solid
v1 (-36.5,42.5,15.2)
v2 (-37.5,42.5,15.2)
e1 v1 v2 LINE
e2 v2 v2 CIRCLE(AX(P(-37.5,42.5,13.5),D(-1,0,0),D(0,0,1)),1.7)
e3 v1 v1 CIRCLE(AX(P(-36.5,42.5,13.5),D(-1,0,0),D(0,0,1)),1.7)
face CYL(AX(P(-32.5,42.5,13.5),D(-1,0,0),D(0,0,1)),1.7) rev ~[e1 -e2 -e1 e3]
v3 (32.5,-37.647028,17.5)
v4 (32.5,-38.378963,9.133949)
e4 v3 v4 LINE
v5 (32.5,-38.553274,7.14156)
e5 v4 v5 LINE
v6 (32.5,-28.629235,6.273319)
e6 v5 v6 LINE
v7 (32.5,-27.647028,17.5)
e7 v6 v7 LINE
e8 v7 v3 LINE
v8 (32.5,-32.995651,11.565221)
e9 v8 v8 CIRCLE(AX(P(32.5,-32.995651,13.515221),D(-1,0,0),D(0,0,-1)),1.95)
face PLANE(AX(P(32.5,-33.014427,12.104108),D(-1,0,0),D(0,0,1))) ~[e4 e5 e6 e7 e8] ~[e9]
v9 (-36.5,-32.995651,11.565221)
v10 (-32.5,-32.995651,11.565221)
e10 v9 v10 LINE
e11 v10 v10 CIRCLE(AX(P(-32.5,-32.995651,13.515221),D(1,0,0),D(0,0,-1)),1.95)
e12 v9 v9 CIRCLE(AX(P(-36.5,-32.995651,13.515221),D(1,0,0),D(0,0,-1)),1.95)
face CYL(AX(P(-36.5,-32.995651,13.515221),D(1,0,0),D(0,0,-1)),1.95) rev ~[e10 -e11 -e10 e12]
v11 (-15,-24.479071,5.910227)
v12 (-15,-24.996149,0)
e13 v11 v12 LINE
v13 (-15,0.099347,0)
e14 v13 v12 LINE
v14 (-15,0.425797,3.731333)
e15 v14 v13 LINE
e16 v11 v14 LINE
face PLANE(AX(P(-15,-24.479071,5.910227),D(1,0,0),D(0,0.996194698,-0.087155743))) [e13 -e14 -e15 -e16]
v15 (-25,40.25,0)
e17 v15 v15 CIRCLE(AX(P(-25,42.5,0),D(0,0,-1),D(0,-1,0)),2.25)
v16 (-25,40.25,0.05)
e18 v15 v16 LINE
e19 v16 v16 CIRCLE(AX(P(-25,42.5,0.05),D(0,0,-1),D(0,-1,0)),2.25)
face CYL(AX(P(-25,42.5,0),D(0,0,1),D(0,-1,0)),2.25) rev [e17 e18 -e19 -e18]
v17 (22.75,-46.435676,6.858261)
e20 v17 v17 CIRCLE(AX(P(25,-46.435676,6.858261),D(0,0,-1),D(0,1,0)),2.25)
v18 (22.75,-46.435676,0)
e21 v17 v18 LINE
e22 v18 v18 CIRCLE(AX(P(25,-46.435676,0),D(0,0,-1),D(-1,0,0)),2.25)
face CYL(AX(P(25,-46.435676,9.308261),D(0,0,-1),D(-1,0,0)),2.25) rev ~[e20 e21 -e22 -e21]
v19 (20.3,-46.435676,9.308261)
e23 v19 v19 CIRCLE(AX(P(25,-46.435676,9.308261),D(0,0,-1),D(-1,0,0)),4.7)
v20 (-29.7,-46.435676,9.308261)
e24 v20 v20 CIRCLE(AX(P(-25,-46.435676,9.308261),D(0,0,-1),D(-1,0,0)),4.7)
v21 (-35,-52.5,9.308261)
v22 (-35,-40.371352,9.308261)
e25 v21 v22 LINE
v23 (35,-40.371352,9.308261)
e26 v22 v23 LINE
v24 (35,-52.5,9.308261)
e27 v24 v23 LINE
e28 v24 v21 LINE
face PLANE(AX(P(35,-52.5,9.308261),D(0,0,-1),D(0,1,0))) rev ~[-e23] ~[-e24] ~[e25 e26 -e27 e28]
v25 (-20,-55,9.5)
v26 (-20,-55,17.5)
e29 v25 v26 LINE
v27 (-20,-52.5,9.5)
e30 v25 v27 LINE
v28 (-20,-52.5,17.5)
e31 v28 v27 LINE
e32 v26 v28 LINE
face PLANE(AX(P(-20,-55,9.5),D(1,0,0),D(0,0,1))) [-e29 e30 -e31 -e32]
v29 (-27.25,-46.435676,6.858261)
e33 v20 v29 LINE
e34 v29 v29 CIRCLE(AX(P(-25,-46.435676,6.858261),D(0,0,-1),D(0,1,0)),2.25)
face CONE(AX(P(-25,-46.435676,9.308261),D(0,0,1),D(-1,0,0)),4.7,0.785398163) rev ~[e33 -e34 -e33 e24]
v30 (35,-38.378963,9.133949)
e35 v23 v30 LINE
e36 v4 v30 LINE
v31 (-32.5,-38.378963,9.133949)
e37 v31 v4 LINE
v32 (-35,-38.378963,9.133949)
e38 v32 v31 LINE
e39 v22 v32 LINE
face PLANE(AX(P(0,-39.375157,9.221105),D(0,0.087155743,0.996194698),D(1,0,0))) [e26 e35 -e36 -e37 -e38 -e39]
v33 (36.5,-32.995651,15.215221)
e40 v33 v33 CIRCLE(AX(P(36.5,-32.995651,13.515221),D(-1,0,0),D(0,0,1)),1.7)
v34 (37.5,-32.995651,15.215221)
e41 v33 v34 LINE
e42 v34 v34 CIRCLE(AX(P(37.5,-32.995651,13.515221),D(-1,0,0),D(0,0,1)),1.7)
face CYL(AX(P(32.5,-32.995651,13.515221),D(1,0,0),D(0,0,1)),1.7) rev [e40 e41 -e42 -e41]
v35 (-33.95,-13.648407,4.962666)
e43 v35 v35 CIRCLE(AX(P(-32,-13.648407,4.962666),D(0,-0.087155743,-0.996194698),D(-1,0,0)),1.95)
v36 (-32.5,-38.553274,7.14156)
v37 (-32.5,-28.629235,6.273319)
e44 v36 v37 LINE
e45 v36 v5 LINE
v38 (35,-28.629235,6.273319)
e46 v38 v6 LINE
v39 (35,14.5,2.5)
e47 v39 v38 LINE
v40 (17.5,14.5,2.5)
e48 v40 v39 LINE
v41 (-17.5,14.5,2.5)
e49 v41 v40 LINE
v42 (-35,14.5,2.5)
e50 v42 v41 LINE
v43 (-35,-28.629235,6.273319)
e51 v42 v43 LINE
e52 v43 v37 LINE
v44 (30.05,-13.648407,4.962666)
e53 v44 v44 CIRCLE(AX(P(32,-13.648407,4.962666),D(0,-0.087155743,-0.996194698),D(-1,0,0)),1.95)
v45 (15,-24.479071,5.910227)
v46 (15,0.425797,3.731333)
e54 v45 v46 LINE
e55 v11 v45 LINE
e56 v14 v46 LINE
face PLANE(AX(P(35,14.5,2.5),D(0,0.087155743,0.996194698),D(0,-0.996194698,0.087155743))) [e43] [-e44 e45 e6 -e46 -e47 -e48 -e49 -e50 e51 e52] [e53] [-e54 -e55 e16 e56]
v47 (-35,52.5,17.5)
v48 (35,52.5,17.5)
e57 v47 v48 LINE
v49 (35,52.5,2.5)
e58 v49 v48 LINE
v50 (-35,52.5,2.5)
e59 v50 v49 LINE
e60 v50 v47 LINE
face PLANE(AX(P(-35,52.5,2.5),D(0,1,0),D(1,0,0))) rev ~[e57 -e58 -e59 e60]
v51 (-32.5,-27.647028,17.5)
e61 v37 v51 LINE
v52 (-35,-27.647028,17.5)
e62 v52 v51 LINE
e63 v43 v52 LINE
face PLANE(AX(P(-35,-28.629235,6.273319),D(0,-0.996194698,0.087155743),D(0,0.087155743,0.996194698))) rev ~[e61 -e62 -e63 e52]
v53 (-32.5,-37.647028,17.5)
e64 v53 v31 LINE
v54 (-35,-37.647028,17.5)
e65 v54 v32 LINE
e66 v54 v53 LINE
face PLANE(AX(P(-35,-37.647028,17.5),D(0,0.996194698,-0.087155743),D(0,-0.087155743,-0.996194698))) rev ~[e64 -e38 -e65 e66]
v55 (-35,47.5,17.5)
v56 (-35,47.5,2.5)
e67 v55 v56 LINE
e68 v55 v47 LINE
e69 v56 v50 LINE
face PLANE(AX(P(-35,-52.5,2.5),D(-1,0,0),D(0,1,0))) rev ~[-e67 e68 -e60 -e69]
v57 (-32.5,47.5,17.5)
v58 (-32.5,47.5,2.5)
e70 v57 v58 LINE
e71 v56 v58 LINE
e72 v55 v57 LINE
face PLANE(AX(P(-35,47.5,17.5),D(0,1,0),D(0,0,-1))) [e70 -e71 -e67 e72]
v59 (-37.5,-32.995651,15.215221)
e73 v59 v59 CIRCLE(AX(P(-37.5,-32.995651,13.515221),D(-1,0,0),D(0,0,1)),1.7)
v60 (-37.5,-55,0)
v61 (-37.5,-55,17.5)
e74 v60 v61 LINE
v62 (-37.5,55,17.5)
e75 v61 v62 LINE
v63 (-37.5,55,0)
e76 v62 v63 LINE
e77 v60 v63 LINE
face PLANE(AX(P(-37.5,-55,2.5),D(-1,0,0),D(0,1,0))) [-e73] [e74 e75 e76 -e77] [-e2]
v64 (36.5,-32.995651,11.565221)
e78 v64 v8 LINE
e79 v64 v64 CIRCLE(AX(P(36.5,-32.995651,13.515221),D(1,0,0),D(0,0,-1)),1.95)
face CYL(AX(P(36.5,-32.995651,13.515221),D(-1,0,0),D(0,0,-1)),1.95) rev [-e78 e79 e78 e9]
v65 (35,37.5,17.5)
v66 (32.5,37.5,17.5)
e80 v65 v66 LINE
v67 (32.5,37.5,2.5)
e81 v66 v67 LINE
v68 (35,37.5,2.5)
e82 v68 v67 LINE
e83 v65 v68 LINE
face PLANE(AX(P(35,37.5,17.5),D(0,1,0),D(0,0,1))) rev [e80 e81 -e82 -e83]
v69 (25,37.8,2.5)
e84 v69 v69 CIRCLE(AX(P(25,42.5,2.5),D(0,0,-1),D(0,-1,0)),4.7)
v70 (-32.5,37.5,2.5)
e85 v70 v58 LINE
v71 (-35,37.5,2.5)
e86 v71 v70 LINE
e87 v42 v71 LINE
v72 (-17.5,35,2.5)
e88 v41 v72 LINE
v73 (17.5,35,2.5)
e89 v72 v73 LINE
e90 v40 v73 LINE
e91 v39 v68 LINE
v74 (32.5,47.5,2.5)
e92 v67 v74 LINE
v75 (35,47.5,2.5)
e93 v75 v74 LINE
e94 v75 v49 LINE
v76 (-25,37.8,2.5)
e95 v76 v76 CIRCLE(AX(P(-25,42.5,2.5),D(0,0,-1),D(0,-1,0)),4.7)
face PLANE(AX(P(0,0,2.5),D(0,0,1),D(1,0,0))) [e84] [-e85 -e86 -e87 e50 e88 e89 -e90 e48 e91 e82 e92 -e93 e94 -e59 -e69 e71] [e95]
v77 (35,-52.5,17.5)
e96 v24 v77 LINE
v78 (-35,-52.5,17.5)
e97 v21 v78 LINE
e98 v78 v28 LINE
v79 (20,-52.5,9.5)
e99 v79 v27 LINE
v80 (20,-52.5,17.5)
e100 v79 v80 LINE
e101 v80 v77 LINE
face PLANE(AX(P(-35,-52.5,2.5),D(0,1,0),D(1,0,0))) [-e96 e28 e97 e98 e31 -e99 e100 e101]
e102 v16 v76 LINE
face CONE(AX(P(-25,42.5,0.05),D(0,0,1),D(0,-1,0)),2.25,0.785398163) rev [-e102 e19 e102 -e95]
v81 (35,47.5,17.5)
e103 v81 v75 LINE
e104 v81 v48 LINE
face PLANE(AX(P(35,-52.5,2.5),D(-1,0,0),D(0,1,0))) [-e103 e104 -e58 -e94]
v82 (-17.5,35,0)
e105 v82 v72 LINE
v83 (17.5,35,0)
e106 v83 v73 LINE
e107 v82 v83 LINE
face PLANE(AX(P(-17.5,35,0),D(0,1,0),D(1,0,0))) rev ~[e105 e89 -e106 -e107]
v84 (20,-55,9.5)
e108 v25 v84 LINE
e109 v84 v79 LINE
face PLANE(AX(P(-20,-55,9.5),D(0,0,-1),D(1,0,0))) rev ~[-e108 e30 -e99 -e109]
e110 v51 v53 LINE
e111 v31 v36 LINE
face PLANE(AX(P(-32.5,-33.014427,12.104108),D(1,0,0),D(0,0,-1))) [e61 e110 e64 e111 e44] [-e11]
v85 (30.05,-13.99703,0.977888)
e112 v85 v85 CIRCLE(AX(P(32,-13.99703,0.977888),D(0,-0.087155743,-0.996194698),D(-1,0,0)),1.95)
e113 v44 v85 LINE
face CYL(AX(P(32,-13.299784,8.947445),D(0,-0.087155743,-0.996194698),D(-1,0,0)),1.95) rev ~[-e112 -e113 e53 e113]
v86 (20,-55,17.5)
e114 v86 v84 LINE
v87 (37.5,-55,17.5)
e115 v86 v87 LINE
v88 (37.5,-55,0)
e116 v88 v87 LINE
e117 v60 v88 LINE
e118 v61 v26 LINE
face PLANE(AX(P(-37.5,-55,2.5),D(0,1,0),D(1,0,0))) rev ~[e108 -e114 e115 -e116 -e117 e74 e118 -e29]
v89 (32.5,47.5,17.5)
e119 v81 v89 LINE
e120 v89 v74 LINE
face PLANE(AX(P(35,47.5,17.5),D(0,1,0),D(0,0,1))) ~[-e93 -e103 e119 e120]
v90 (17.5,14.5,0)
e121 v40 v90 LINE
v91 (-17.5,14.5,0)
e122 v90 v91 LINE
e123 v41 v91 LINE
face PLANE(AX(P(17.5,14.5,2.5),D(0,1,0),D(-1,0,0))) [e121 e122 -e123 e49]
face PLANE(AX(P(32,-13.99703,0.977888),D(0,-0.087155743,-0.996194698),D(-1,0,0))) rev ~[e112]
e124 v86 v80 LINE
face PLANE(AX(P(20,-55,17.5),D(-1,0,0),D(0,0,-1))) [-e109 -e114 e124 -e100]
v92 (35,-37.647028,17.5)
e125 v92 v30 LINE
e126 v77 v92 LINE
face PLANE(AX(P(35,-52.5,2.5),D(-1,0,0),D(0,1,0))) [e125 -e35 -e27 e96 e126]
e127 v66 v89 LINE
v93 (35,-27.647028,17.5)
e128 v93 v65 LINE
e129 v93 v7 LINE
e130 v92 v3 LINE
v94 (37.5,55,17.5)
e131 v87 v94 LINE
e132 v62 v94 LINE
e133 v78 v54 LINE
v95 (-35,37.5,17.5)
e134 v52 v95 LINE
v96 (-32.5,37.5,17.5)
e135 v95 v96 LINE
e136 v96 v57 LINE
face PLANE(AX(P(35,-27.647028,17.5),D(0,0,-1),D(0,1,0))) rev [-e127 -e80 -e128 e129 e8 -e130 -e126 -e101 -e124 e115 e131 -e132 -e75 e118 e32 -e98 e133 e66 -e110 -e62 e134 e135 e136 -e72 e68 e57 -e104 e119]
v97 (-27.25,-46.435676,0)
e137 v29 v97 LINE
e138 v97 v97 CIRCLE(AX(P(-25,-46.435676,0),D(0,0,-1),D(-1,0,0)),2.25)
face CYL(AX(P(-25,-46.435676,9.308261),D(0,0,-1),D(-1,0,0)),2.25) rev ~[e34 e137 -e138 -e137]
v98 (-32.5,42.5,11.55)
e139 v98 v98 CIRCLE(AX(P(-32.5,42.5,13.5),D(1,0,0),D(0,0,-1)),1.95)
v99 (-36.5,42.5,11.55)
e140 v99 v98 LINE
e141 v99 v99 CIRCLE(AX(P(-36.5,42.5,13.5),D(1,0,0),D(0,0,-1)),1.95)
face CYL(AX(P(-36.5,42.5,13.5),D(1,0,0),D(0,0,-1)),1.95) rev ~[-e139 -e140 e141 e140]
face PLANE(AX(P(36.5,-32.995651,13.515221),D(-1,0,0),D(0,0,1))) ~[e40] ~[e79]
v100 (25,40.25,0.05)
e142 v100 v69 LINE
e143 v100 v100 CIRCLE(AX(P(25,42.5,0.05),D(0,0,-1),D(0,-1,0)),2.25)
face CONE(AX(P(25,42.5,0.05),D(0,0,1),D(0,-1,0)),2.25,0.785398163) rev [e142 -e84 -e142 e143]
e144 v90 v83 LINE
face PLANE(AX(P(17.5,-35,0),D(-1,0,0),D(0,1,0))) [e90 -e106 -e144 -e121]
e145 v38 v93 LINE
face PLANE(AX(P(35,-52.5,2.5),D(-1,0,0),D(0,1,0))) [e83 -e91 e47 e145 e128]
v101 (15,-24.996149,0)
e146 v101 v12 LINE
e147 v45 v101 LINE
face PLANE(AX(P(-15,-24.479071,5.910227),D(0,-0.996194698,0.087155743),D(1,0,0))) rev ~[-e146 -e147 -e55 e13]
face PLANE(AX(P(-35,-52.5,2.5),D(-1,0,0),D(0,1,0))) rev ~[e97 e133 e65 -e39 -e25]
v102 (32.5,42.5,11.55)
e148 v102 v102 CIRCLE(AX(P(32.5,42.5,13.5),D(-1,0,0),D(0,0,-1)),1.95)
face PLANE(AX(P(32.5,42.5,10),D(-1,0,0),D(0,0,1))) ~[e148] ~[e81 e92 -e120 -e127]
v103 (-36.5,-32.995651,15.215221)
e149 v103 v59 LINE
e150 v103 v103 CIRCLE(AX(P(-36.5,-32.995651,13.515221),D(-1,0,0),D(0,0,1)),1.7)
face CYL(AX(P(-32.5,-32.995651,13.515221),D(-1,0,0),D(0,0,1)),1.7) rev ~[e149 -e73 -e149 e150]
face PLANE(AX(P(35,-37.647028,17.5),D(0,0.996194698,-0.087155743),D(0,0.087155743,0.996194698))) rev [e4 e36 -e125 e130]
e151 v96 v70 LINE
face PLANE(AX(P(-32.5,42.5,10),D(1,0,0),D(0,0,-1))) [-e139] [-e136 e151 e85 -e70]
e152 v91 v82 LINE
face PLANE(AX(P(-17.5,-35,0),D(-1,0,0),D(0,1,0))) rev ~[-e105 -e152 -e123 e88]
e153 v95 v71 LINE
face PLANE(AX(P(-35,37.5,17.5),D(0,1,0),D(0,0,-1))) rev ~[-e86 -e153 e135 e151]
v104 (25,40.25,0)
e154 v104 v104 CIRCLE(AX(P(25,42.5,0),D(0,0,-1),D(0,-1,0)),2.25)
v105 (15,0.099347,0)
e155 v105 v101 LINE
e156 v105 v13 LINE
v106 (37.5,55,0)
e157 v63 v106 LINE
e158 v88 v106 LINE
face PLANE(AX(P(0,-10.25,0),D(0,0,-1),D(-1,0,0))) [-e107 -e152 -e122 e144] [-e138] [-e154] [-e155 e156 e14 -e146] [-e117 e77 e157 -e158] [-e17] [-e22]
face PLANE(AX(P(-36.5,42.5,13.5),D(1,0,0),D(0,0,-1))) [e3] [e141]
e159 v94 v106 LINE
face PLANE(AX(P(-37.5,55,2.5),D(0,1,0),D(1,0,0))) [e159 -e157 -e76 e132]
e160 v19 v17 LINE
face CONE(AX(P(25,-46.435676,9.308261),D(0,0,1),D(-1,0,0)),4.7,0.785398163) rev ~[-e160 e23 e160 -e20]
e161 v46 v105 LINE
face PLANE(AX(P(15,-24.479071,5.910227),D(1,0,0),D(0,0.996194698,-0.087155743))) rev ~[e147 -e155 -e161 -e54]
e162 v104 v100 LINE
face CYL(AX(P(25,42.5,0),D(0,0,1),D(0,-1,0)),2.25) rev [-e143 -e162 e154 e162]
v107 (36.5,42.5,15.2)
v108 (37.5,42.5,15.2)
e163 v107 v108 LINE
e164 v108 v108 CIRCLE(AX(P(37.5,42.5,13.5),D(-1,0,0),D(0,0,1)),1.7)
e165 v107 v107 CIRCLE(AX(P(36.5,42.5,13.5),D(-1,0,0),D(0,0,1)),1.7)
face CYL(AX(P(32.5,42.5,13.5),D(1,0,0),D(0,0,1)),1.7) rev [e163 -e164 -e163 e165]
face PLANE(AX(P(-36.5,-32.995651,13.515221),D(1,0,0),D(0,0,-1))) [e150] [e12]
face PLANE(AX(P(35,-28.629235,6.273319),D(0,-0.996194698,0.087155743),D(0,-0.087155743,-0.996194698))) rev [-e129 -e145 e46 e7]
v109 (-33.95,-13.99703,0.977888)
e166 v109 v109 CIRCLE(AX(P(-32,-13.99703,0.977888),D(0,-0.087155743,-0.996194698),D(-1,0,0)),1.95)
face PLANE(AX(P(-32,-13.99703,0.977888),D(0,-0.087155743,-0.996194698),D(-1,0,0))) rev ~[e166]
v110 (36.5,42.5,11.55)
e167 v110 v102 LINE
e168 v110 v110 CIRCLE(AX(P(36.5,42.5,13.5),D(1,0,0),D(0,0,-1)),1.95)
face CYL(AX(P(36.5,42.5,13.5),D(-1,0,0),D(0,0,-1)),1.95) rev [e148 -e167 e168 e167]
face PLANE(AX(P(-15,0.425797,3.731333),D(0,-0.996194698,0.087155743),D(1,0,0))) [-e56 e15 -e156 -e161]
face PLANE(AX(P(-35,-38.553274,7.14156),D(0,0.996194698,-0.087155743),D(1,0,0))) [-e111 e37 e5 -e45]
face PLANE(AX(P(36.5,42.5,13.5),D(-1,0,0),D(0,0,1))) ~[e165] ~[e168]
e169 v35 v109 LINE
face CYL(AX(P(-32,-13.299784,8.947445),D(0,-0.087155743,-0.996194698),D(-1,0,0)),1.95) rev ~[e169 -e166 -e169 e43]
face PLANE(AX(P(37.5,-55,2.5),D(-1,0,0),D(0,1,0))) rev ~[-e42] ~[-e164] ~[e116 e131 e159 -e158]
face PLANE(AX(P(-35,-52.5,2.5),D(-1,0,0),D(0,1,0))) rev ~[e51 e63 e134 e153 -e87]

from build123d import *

# Parameters (mm, degrees)
SKICA1_W                                          = 75
SKICA1_H                                          = 110
SKICA1_W_2                                        = 35
SKICA1_H_2                                        = 70
P_IDAT_VYSUNUT_M1_DEPTH                           = 2.5
SKICA2_W                                          = 75
SKICA2_H                                          = 110
SKICA2_W_2                                        = 70
SKICA2_H_2                                        = 105
P_IDAT_VYSUNUT_M2_DEPTH                           = 15
P_IDAT_VYSUNUT_M3_REACH                           = 94.669
SKICA4_W                                          = 35
SKICA4_H                                          = 49.5
P_IDAT_VYSUNUT_M4_DEPTH                           = 2.5
SKICA5_W                                          = 70
SKICA5_H                                          = 2
P_IDAT_VYSUNUT_M5_DEPTH                           = 2
P_IDAT_VYSUNUT_M7_REACH                           = 94.669
KU_ELOV_ZAHLOUBEN_PRO_M4_ROUBU_SE_Z_P_D           = 4.5
KU_ELOV_ZAHLOUBEN_PRO_M4_ROUBU_SE_Z_P_CSINK_D     = 9.4
KU_ELOV_ZAHLOUBEN_PRO_M4_ROUBU_SE_Z_P_CSINK_ANGLE = 90
KU_ELOV_ZAHLOUBEN_PRO_M4_ROUBU_SE_2_A_COUNT       = 2
KU_ELOV_ZAHLOUBEN_PRO_M4_ROUBU_SE_2_A_PITCH       = 50
D_RY_PRO_KOL_K_VELIKOST_MM1_D                     = 3.9
D_RY_PRO_KOL_K_VELIKOST_MM1_DEPTH                 = 4
SKICA19_W                                         = 30
SKICA19_H                                         = 25
ODEBRAT_VYSUNUT_M1_DEPTH                          = 69.239931365
ODEBRAT_VYSUNUT_M4_DEPTH                          = 10
SKICA21_W                                         = 15
SKICA21_H                                         = 10
P_IDAT_VYSUNUT_M8_DEPTH                           = 2.5
V_LCOV_ZAHLOUBEN_PRO_M3_ROUBY_S_VNIT_D            = 3.4
V_LCOV_ZAHLOUBEN_PRO_M3_ROUBY_S_VNIT_DEPTH        = 5
V_LCOV_ZAHLOUBEN_PRO_M3_ROUBY_S_VNIT_CBORE_D      = 3.9
V_LCOV_ZAHLOUBEN_PRO_M3_ROUBY_S_VNIT_CBORE_DEPTH  = 4


with BuildPart() as part:
    # Skica1 → Přidat vysunutím1 (new body)
    with BuildSketch(Plane.XY):
        Rectangle(SKICA1_W, SKICA1_H)
        Rectangle(SKICA1_W_2, SKICA1_H_2, mode=Mode.SUBTRACT)
    extrude(amount=P_IDAT_VYSUNUT_M1_DEPTH)

    # Skica2 → Přidat vysunutím2 (add)
    with BuildSketch(Plane.XY.offset(2.5)):
        Rectangle(SKICA2_W, SKICA2_H)
        Rectangle(SKICA2_W_2, SKICA2_H_2, mode=Mode.SUBTRACT)
    extrude(amount=P_IDAT_VYSUNUT_M2_DEPTH)

    # Skica3 → Přidat vysunutím3 (add, up to next)
    with BuildSketch(Plane.ZY.offset(-35), mode=Mode.PRIVATE) as p_idat_vysunut_m3_sk1:
        Polygon((2.5, -52.5), (2.5, 14.5), (8.361740456, -52.5), align=None)
    p_idat_vysunut_m3_tool1 = extrude(p_idat_vysunut_m3_sk1.sketch, amount=P_IDAT_VYSUNUT_M3_REACH, mode=Mode.PRIVATE) - part.part
    add(p_idat_vysunut_m3_tool1.solids().sort_by_distance((35, -30.166667, 4.453913))[0])

    # Skica4 → Přidat vysunutím4 (add)
    with BuildSketch(Plane(origin=(0, 0, 2.5), x_dir=(-1, 0, 0), z_dir=(0, 0, -1))):
        with Locations((0, -10.25)):
            Rectangle(SKICA4_W, SKICA4_H)
    extrude(amount=P_IDAT_VYSUNUT_M4_DEPTH)

    # Skica5 → Přidat vysunutím5 (add)
    with BuildSketch(Plane(origin=(0, 0.327204013, 3.739958979), x_dir=(1, 0, 0), z_dir=(0, 0.08715574274765159, 0.9961946980917462))):
        with Locations((0, -40.02899535)):
            Rectangle(SKICA5_W, SKICA5_H)
    extrude(amount=P_IDAT_VYSUNUT_M5_DEPTH)

    # Skica9 → Přidat vysunutím7 (add, up to next)
    with BuildSketch(Plane.ZY.offset(-35), mode=Mode.PRIVATE) as p_idat_vysunut_m7_sk1:
        Polygon((9.308260939, -52.5), (9.308260939, -40.371352137), (7.315871543, -40.545663623), (8.361740456, -52.5), align=None)
    p_idat_vysunut_m7_tool1 = extrude(p_idat_vysunut_m7_sk1.sketch, amount=P_IDAT_VYSUNUT_M7_REACH, mode=Mode.PRIVATE) - part.part
    add(p_idat_vysunut_m7_tool1.solids().sort_by_distance((35, -45.761665, 8.543512))[0])

    # Ku_elov_ zahlouben_ pro M4 _roubu se z_p (through all)
    with Locations(Plane.XY.offset(9.308260939)):
        with Locations((25, -46.435676069), (-25, -46.435676069)):
            CounterSinkHole(KU_ELOV_ZAHLOUBEN_PRO_M4_ROUBU_SE_Z_P_D / 2, KU_ELOV_ZAHLOUBEN_PRO_M4_ROUBU_SE_Z_P_CSINK_D / 2, counter_sink_angle=KU_ELOV_ZAHLOUBEN_PRO_M4_ROUBU_SE_Z_P_CSINK_ANGLE)

    # Skica15 → Ku_elov_ zahlouben_ pro M4 _roubu se 2 (revolve, cut)
    with BuildSketch(Plane(origin=(25, 42.5, 2.5), x_dir=(0, -1, 0), z_dir=(1, 0, 0))):
        Polygon((0, 0), (0, 2.5), (2.25, 2.5), (2.25, 2.45), (4.7, 0), align=None)
    ku_elov_zahlouben_pro_m4_roubu_se_2 = revolve(axis=Axis((25, 42.5, 8.85), (0, 0, -1)), mode=Mode.SUBTRACT)

    # Ku_elov_ zahlouben_ pro M4 _roubu se 2 a: Ku_elov_ zahlouben_ pro M4 _roubu se 2 ×2
    with Locations(*[(-i * KU_ELOV_ZAHLOUBEN_PRO_M4_ROUBU_SE_2_A_PITCH, 0, 0) for i in range(1, KU_ELOV_ZAHLOUBEN_PRO_M4_ROUBU_SE_2_A_COUNT)]):
        add(ku_elov_zahlouben_pro_m4_roubu_se_2, mode=Mode.SUBTRACT)

    # Díry pro kolík, velikost mm1
    with Locations(Plane(origin=(0, 0.327204013, 3.739958979), x_dir=(1, 0, 0), z_dir=(0, 0.08715574274765159, 0.9961946980917462))):
        with Locations((32, -14.02899535), (-32, -14.02899535)):
            Hole(D_RY_PRO_KOL_K_VELIKOST_MM1_D / 2, depth=D_RY_PRO_KOL_K_VELIKOST_MM1_DEPTH)

    # Skica19 → Odebrat vysunutím1 (cut, through all)
    with BuildSketch(Plane(origin=(0, 0.327204013, 3.739958979), x_dir=(1, 0, 0), z_dir=(0, 0.08715574274765159, 0.9961946980917462))):
        with Locations((0, -12.401030792)):
            Rectangle(SKICA19_W, SKICA19_H)
    extrude(amount=-ODEBRAT_VYSUNUT_M1_DEPTH, mode=Mode.SUBTRACT)

    # Skica20 → Odebrat vysunutím4 (cut)
    with BuildSketch(Plane.XZ.offset(55)):
        Polygon((0, 9.5), (-20, 9.5), (-20, 17.5), (20, 17.5), (20, 9.5), align=None)
    extrude(amount=-ODEBRAT_VYSUNUT_M4_DEPTH, mode=Mode.SUBTRACT)

    # Skica21 → Přidat vysunutím8 (add)
    with BuildSketch(Plane(origin=(-35, 0, 0), x_dir=(0, 0, -1), z_dir=(1, 0, 0))):
        Polygon((-7.141560058, -38.553274227), (-6.273319169, -28.629235462), (-17.5, -27.64702816), (-17.5, -37.64702816), align=None)
        with Locations((-10, 42.5)):
            Rectangle(SKICA21_W, SKICA21_H)
    p_idat_vysunut_m8 = extrude(amount=P_IDAT_VYSUNUT_M8_DEPTH)

    # Zrcadlit1: Přidat vysunutím8 across plane
    add(p_idat_vysunut_m8.mirror(Plane(origin=(0, 0, 0), x_dir=(0, 0, 1), z_dir=(1, 0, 0))))

    # Válcové zahloubení pro M3 šrouby s vnitřním šestihranem1
    with Locations(Plane(origin=(-32.5, 0, 0), x_dir=(0, 0, -1), z_dir=(1, 0, 0))):
        with Locations((-13.5, 42.5), (-13.515221208, -32.995651131)):
            v_lcov_zahlouben_pro_m3_rouby_s_vnit = CounterBoreHole(V_LCOV_ZAHLOUBEN_PRO_M3_ROUBY_S_VNIT_D / 2, V_LCOV_ZAHLOUBEN_PRO_M3_ROUBY_S_VNIT_CBORE_D / 2, V_LCOV_ZAHLOUBEN_PRO_M3_ROUBY_S_VNIT_CBORE_DEPTH, depth=V_LCOV_ZAHLOUBEN_PRO_M3_ROUBY_S_VNIT_DEPTH)

    # Zrcadlit2: Válcové zahloubení pro M3 šrouby s vnitřním šestihranem1 across plane
    add(v_lcov_zahlouben_pro_m3_rouby_s_vnit.mirror(Plane(origin=(0, 0, 0), x_dir=(0, 0, 1), z_dir=(1, 0, 0))), mode=Mode.SUBTRACT)


solid = part.part
